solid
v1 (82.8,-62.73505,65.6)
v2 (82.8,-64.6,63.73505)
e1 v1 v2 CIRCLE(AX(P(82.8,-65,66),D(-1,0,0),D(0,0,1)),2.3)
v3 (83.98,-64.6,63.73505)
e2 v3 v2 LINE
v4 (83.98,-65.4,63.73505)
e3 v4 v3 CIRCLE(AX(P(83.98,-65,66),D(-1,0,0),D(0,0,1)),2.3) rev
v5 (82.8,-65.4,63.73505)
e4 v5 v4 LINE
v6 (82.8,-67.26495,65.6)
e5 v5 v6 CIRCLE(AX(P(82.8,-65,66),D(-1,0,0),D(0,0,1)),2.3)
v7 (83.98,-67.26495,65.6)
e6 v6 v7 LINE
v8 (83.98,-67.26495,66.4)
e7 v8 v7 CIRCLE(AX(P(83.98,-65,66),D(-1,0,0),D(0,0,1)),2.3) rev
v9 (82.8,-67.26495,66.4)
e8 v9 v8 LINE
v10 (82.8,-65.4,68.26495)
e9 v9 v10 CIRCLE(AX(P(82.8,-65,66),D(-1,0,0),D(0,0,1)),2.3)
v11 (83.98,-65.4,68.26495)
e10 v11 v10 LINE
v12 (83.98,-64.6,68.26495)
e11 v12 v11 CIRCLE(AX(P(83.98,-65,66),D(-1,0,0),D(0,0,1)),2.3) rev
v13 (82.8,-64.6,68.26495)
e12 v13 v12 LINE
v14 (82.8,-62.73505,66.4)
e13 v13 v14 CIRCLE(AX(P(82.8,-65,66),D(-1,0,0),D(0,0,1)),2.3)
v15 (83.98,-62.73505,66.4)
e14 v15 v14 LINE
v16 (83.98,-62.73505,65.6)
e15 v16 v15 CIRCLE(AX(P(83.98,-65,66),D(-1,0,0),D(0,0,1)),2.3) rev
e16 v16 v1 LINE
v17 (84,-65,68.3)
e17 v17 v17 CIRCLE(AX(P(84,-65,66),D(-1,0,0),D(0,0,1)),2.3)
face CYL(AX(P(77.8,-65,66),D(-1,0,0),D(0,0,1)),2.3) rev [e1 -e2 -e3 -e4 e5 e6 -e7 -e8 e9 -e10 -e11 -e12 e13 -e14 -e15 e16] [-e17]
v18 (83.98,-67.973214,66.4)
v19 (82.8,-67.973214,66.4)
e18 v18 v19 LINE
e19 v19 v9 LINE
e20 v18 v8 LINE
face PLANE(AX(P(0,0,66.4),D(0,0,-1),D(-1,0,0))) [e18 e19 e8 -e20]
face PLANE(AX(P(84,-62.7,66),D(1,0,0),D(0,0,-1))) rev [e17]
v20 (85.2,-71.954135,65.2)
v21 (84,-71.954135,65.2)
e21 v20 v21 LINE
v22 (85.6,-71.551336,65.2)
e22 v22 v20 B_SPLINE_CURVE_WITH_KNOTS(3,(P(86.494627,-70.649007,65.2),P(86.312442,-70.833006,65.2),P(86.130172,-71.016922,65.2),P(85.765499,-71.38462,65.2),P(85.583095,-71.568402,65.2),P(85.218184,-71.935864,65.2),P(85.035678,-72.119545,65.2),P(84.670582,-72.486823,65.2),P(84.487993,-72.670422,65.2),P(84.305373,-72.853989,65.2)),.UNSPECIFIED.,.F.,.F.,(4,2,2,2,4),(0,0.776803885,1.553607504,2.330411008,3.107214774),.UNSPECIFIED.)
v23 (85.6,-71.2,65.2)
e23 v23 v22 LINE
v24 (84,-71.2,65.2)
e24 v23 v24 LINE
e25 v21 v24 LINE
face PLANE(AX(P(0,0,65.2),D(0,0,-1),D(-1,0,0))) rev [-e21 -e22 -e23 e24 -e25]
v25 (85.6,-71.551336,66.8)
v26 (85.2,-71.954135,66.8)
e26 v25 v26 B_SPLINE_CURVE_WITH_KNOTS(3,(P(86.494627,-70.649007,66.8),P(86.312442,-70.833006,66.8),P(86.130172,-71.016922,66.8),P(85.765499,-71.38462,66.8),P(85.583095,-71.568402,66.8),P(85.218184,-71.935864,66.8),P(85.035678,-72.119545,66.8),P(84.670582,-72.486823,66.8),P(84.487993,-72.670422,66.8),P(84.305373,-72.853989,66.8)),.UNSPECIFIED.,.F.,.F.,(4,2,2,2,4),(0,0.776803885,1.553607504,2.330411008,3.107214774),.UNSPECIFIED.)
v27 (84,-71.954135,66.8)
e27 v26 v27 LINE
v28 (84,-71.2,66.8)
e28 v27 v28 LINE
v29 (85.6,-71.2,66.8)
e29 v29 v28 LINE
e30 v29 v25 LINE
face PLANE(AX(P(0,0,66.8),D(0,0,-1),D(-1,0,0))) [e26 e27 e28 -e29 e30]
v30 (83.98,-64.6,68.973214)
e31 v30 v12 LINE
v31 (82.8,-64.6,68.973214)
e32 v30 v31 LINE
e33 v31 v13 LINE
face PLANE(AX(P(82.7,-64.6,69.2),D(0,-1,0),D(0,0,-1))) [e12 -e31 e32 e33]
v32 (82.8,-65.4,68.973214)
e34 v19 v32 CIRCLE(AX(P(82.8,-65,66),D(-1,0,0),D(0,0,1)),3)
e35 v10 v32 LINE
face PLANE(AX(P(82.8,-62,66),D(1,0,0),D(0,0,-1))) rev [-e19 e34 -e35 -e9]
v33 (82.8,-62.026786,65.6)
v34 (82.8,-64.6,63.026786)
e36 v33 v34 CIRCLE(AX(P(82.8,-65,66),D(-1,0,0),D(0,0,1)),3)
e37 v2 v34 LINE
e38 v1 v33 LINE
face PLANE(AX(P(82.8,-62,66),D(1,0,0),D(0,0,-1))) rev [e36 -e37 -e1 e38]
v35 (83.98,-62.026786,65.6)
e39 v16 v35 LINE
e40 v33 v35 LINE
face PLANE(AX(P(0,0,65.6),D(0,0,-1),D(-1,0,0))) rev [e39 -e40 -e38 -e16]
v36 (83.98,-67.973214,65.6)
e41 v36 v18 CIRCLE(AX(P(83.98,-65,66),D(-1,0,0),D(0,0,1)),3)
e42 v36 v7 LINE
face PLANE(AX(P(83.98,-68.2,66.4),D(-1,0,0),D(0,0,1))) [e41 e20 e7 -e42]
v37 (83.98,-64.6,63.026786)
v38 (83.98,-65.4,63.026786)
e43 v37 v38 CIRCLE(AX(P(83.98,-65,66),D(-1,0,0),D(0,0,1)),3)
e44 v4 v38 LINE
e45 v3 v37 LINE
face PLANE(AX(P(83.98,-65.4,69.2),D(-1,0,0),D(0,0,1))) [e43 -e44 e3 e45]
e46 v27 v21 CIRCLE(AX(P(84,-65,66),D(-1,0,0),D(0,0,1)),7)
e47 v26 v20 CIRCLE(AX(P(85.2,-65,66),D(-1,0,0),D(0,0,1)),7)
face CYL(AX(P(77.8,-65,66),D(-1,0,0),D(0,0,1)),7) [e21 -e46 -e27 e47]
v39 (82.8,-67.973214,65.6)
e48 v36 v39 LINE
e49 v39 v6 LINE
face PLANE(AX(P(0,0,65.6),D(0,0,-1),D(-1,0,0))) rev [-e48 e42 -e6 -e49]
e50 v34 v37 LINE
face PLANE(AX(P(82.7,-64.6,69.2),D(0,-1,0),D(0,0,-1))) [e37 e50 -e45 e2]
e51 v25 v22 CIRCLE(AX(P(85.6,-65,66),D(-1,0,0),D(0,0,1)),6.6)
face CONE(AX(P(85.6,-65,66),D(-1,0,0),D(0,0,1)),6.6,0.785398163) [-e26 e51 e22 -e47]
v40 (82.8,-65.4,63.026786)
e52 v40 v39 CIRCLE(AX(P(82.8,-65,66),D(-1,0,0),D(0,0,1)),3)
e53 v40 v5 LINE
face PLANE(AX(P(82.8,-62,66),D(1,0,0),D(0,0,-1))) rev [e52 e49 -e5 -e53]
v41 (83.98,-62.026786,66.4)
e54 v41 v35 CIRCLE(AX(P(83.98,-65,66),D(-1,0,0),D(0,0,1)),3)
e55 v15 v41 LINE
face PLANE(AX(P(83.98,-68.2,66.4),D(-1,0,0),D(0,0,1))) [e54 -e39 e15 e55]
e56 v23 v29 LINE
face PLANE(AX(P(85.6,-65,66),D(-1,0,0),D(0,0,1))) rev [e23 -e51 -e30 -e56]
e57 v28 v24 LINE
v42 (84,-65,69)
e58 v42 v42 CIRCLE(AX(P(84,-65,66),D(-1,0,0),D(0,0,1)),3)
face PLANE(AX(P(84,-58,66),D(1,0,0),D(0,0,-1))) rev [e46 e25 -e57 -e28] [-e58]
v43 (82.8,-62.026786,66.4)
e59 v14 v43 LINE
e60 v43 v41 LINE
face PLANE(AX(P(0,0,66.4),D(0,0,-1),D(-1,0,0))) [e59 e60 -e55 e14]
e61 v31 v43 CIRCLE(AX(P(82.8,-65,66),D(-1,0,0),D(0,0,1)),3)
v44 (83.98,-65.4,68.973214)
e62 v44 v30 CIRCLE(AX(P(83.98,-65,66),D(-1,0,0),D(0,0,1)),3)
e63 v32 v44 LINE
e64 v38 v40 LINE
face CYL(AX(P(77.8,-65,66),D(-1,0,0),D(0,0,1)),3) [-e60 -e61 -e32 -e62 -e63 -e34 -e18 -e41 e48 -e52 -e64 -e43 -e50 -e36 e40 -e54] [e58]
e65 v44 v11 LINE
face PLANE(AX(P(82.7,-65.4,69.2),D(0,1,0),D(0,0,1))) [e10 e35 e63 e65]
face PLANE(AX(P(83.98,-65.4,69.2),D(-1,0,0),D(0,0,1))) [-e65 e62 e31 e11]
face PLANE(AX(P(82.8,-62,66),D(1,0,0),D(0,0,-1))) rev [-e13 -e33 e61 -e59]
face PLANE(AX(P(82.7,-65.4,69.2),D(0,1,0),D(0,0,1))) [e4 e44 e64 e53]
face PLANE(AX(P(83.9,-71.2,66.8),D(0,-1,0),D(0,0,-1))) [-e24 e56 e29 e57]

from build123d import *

# Parameters (mm, degrees)
BOSS_EXTRUDE1_START = 62.8
SKETCH2_W           = 1.28
SKETCH2_H           = 0.8
BOSS_EXTRUDE1_DEPTH = 6.4
BOSS_EXTRUDE2_START = 65.6
SKETCH3_W           = 1.28
SKETCH3_H           = 6.4
BOSS_EXTRUDE2_DEPTH = 0.8
BOSS_EXTRUDE3_START = 65.2
SKETCH4_W           = 1.8
SKETCH4_H           = 0.9
BOSS_EXTRUDE3_DEPTH = 1.6


with BuildPart() as part:
    # Sketch1 → Revolve1 (revolve)
    with BuildSketch(Plane.XY.offset(66)):
        Polygon((82.8, -62.7), (84, -62.7), (84, -65), (85.6, -65), (85.6, -58.4), (85.2, -58), (84, -58), (84, -62), (82.8, -62), align=None)
    revolve(axis=Axis((77.8, -65, 66), (1, 0, 0)))


with BuildPart() as body_2:
    # Sketch2 → Boss-Extrude1 (new body)
    with BuildSketch(Plane.XY.offset(BOSS_EXTRUDE1_START)):
        with Locations((83.34, -65)):
            Rectangle(SKETCH2_W, SKETCH2_H)
    extrude(amount=BOSS_EXTRUDE1_DEPTH)


with BuildPart() as part_1:
    add(part.part)

    # Combine1: cut body 2
    add(body_2.part, mode=Mode.SUBTRACT)


with BuildPart() as body_2_2:
    # Sketch3 → Boss-Extrude2 (new body)
    with BuildSketch(Plane.XY.offset(BOSS_EXTRUDE2_START)):
        with Locations((83.34, -65)):
            Rectangle(SKETCH3_W, SKETCH3_H)
    extrude(amount=BOSS_EXTRUDE2_DEPTH)


with BuildPart() as part_2:
    add(part_1.part)

    # Combine2: cut body 2 2
    add(body_2_2.part, mode=Mode.SUBTRACT)


with BuildPart() as body_2_3:
    # Sketch4 → Boss-Extrude3 (new body)
    with BuildSketch(Plane.XY.offset(BOSS_EXTRUDE3_START)):
        with Locations((84.8, -71.65)):
            Rectangle(SKETCH4_W, SKETCH4_H)
    extrude(amount=BOSS_EXTRUDE3_DEPTH)


with BuildPart() as part_3:
    add(part_2.part)

    # Combine3: cut body 2 3
    add(body_2_3.part, mode=Mode.SUBTRACT)


solid = part_3.part
